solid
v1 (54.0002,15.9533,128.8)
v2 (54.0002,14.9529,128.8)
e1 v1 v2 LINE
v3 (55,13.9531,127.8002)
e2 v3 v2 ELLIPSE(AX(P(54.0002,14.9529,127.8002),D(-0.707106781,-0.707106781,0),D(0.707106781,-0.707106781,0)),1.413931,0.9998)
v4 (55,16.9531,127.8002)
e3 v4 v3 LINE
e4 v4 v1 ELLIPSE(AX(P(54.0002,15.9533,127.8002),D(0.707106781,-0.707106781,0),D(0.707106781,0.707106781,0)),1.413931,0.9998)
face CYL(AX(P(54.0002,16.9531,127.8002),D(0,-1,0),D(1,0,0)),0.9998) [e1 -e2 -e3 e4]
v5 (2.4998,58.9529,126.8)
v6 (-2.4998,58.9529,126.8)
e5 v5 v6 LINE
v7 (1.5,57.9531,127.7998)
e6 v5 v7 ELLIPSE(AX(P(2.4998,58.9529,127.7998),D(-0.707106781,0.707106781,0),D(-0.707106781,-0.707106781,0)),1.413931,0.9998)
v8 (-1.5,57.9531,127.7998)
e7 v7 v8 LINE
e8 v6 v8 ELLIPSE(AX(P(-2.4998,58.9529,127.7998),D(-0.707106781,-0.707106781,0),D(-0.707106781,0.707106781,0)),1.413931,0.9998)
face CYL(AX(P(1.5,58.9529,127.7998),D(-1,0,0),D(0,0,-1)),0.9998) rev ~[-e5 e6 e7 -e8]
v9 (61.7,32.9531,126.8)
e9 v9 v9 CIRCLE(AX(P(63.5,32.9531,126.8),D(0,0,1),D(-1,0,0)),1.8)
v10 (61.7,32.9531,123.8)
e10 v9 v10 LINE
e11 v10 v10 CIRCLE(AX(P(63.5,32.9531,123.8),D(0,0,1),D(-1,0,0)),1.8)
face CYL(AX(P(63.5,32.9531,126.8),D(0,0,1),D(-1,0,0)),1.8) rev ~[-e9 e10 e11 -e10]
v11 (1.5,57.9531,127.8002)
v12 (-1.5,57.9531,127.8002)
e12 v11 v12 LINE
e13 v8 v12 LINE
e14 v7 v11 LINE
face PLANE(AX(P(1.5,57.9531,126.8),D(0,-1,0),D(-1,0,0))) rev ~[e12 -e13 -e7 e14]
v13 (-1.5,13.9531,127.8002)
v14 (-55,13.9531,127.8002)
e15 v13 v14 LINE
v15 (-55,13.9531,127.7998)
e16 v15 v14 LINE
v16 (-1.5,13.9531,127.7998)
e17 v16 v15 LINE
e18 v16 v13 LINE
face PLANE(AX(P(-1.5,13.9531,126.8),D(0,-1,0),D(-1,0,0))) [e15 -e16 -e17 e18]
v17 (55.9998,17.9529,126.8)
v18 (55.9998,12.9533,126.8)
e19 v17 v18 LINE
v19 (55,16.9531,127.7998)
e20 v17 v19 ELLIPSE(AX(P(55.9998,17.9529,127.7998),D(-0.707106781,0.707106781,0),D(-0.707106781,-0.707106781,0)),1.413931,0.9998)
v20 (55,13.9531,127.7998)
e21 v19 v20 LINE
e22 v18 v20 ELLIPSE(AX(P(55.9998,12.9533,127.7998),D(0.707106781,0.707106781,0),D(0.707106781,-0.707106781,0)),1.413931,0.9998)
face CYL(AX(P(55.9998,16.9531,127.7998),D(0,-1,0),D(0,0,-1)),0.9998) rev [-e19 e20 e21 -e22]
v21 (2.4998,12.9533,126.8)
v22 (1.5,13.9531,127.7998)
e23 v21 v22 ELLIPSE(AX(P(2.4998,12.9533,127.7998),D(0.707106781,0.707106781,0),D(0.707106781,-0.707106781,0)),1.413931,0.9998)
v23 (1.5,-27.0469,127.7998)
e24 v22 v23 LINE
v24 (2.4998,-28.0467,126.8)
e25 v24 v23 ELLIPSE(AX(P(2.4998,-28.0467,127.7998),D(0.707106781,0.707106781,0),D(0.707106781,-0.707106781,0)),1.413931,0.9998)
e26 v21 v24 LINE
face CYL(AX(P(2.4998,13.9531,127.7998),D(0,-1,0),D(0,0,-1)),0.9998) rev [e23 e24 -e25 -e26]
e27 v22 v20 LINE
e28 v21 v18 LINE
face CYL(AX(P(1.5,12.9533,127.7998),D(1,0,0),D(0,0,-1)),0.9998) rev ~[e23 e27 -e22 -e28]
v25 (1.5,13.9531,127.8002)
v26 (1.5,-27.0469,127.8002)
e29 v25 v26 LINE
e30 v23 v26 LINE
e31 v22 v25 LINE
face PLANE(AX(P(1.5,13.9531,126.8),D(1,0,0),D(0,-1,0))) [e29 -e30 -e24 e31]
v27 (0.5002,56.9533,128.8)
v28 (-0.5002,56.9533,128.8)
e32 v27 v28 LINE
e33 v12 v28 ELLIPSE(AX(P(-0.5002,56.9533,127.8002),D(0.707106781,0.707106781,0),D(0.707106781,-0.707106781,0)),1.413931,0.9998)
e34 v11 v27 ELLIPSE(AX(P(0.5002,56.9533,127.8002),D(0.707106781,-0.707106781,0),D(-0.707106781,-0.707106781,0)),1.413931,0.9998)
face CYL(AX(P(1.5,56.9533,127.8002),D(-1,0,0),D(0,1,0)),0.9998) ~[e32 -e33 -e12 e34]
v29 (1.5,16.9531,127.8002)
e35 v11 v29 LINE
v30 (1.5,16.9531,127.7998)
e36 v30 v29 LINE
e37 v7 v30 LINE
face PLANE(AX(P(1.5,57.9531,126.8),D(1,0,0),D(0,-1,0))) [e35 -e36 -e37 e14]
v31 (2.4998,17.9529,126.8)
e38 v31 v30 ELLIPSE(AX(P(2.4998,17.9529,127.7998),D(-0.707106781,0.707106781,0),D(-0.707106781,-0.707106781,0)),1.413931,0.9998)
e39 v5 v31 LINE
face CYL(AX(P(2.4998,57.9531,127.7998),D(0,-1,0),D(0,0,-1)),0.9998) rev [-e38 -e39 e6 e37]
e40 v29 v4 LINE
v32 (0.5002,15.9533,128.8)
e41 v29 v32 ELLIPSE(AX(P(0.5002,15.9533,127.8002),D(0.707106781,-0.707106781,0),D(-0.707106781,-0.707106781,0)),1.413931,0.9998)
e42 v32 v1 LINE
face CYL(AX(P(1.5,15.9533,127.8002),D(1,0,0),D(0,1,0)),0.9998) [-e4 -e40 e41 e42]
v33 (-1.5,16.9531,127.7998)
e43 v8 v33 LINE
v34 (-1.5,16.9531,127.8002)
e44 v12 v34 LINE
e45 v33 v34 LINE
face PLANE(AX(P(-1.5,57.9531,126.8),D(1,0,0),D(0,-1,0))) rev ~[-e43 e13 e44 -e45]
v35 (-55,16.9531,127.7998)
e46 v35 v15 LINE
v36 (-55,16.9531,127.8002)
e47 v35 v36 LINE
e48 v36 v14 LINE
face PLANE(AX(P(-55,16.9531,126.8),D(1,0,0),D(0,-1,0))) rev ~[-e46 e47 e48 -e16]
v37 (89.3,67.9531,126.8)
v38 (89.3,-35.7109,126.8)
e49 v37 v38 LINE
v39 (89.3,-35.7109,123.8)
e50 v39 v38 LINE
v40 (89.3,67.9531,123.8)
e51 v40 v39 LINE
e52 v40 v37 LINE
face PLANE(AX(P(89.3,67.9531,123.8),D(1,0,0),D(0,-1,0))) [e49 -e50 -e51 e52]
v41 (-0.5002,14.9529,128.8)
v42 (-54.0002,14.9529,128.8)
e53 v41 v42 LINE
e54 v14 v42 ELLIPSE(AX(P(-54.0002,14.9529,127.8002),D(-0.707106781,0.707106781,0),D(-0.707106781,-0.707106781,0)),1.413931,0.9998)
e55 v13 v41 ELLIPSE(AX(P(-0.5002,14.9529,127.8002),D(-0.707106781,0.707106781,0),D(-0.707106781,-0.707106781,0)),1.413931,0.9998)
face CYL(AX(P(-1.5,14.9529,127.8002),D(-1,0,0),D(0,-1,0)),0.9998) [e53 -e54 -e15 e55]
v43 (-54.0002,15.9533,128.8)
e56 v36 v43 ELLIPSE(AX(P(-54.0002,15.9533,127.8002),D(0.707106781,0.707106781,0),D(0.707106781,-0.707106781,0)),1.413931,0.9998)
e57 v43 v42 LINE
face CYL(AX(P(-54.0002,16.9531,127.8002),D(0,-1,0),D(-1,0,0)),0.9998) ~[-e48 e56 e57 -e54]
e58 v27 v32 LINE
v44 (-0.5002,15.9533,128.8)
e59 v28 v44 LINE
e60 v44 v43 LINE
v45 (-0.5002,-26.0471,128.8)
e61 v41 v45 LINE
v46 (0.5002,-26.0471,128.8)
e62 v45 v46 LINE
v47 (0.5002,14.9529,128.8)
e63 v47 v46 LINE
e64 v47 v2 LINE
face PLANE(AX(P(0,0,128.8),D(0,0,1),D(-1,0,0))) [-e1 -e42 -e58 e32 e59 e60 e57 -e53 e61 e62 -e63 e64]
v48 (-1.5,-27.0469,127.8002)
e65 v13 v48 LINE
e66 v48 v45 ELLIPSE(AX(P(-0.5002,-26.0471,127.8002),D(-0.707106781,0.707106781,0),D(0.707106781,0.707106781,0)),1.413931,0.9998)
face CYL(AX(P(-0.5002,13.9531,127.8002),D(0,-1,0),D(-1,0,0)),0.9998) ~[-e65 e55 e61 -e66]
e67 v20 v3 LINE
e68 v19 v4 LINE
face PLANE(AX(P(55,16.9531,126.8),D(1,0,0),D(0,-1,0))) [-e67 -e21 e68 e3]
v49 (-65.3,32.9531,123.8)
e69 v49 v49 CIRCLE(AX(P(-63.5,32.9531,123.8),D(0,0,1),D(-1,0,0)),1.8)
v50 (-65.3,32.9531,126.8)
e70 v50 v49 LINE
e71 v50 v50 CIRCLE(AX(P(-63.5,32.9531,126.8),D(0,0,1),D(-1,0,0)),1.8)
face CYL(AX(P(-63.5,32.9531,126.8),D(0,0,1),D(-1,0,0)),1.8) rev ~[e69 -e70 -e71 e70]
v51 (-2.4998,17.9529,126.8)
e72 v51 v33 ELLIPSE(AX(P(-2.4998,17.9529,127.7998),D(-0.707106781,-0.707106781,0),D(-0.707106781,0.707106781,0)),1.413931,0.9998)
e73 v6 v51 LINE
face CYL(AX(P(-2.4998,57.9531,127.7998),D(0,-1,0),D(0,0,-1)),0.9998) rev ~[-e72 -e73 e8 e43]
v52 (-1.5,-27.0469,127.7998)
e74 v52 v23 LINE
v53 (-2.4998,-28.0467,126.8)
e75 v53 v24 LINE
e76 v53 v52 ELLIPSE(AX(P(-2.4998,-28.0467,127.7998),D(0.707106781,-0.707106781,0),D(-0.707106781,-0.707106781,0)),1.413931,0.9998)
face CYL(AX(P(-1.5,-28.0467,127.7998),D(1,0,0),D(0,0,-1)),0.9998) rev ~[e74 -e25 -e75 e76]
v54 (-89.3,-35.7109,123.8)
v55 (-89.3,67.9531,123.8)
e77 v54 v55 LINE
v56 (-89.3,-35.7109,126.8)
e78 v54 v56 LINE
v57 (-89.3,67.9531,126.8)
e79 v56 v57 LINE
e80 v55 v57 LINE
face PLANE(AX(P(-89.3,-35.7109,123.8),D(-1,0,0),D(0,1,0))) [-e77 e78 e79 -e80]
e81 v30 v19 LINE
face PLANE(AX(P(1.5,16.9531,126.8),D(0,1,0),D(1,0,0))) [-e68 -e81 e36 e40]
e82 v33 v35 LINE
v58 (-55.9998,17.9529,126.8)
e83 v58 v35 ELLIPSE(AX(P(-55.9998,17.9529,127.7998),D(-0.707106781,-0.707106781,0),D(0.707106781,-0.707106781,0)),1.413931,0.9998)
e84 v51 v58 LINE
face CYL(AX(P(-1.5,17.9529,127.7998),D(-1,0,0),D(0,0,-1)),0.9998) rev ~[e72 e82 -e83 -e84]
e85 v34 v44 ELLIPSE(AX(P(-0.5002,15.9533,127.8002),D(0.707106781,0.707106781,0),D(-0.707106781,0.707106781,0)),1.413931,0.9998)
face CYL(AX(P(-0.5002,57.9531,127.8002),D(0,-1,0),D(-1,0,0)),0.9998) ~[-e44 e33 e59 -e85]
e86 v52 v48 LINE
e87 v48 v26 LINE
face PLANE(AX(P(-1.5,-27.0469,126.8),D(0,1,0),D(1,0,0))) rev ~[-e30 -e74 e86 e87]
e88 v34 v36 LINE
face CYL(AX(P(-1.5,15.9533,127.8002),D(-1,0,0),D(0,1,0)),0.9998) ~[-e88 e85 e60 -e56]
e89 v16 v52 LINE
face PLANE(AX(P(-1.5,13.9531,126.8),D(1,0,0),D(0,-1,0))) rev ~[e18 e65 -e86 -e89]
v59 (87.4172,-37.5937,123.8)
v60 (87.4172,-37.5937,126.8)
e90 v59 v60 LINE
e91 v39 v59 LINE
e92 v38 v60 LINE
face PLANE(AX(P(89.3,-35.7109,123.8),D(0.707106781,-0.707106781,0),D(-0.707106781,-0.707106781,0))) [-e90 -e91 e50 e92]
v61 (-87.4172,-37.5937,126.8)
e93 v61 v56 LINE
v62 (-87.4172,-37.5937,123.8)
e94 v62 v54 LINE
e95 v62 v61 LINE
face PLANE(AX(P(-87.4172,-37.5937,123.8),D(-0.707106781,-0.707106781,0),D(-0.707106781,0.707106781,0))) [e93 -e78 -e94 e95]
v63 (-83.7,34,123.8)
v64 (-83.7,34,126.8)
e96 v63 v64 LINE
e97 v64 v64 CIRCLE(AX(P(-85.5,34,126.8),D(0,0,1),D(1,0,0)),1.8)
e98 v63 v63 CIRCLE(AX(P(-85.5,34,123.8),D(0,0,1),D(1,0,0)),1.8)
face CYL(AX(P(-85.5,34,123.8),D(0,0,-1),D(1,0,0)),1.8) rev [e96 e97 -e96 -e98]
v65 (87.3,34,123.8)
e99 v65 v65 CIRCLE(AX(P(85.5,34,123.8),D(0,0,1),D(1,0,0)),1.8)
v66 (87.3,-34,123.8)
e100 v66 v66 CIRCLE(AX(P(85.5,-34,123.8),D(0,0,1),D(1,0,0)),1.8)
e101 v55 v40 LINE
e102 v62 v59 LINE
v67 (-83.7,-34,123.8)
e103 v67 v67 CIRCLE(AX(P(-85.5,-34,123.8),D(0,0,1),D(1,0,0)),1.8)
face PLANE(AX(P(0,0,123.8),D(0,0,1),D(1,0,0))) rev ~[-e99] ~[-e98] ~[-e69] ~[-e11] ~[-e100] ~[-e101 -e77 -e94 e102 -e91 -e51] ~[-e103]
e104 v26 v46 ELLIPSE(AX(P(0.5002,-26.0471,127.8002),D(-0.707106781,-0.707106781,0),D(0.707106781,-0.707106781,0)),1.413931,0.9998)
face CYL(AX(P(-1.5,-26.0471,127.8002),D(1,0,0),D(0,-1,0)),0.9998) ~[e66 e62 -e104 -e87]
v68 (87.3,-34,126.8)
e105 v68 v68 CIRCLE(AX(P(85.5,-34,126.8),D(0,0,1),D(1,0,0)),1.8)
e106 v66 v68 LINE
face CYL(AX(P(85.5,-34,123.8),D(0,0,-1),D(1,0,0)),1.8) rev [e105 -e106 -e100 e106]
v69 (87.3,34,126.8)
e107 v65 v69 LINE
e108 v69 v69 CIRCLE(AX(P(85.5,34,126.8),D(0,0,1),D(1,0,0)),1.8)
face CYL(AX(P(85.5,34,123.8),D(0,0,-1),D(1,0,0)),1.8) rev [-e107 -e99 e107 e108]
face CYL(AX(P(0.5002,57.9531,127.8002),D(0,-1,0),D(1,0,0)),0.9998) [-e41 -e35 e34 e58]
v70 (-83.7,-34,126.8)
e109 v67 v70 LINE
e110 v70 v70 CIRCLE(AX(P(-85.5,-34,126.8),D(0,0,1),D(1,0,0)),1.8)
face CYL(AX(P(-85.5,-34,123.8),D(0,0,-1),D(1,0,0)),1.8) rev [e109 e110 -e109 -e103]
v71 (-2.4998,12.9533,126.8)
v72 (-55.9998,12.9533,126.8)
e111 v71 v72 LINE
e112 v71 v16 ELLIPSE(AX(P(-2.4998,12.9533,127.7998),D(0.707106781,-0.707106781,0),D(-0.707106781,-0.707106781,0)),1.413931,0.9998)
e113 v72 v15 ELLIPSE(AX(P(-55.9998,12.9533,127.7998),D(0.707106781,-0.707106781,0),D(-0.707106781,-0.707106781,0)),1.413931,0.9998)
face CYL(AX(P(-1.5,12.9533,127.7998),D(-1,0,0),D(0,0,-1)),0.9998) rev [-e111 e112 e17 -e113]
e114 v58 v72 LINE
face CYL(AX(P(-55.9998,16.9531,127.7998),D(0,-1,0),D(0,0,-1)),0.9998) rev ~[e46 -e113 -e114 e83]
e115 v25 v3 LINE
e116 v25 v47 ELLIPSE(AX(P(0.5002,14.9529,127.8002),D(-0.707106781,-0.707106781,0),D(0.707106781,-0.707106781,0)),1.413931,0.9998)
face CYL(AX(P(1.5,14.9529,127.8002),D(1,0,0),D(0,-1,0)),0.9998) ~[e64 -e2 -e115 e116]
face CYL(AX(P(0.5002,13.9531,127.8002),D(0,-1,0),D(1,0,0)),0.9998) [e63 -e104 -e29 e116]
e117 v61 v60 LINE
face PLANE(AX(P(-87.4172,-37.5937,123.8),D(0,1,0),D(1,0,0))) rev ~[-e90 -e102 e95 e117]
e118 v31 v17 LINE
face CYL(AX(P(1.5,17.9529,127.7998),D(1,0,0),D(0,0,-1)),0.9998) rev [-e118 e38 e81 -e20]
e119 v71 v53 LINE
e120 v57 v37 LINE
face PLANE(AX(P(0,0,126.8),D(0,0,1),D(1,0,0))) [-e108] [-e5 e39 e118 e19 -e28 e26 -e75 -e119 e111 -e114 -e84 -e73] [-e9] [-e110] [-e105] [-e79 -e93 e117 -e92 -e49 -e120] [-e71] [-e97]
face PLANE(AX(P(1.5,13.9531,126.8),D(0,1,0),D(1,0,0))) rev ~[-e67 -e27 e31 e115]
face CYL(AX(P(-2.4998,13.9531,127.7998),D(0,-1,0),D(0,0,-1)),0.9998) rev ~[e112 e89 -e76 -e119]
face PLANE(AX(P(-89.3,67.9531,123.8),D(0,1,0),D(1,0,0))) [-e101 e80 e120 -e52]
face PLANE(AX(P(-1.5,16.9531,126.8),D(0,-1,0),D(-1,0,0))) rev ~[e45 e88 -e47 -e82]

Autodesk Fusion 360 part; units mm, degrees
ref_plane "WorkPlane1" through (0, 0, 123.8) normal (0, 0, 1) x (1, 0, 0)
sketch "Sketch1" plane through (0, 0, 123.8) normal (0, 0, 1) x (1, 0, 0)
  circle A0 centre (-85.5, 170) radius 1.4 construction
  line L0 (-81.5, 4) -> (-81.5, 166) construction
  line L1 (-81.5, 166) -> (-81.5, 167) construction
  line L2 (-81.5, 167) -> (-77.5, 167) construction
  line L3 (-77.5, 167) -> (-77.5, 174) construction
  line L4 (-77.5, 174) -> (-81.5, 174) construction
  line L5 (-81.5, 174) -> (-86.5, 174) construction
  line L6 (-87.2574, 174) -> (-87.5, 174) construction
  line L7 (-87.5, 174) -> (-89.5, 172) construction
  line L8 (-89.5, 172) -> (-89.5, 0) construction
  line L9 (-89.5, 0) -> (-81.5, 0) construction
  line L10 (-81.5, 0) -> (-81.5, 4) construction
  circle A1 centre (85.5, 170) radius 1.4 construction
  line L11 (89.5, 0) -> (89.5, 172) construction
  line L12 (89.5, 172) -> (87.5, 174) construction
  line L13 (87.5, 174) -> (86.5, 174) construction
  line L14 (86.5, 174) -> (86.5, 177) construction
  line L15 (86.5, 177) -> (86.45, 177) construction
  line L16 (86.45, 177) -> (86.45, 174) construction
  line L17 (86.45, 174) -> (81.5, 174) construction
  line L18 (81.5, 174) -> (77.5, 174) construction
  line L19 (77.5, 174) -> (77.5, 167) construction
  line L20 (77.5, 167) -> (81.5, 167) construction
  line L21 (81.5, 167) -> (81.5, 0) construction
  line L22 (81.5, 0) -> (89.5, 0) construction
  line L23 (81.5, 0) -> (81.5, -37.7937) construction
  line L24 (81.5, -37.7937) -> (87.5, -37.7937) construction
  line L25 (87.5, -37.7937) -> (89.5, -35.7937) construction
  line L26 (89.5, -35.7937) -> (89.5, -5) construction
  line L27 (89.5, -5) -> (89.5, 0) construction
  line L28 (89.5, 0) -> (81.5, 0) construction
  line L29 (-89.5, 0) -> (-89.5, -35.7937) construction
  line L30 (-89.5, -35.7937) -> (-87.5, -37.7937) construction
  line L31 (-87.5, -37.7937) -> (-81.5, -37.7937) construction
  line L32 (-81.5, -37.7937) -> (-81.5, -5) construction
  line L33 (-81.5, -5) -> (-81.5, 0) construction
  line L34 (-81.5, 0) -> (-89.5, 0) construction
  line L35 (87.5, -37.7937) -> (-87.5, -37.7937) construction
  line L36 (-77.3, 174) -> (77.3, 174) construction
  line L37 (-77.5, 174) -> (77.5, 174)
  line L38 (77.5, 174) -> (87.5, 174)
  line L39 (87.5, 174) -> (89.5, 172)
  line L40 (89.5, 172) -> (89.5, -35.7937)
  line L41 (89.5, -35.7937) -> (87.5, -37.7937)
  line L42 (-87.5, -37.7937) -> (87.5, -37.7937)
  line L43 (-87.5, -37.7937) -> (-89.5, -35.7937)
  line L44 (-89.5, -35.7937) -> (-89.5, 172)
  line L45 (-89.5, 172) -> (-87.5, 174)
  line L46 (-87.5, 174) -> (-77.3, 174)
  circle A2 centre (-85.5, 170) radius 1.8
  circle A3 centre (-85.5, 102) radius 1.8
  circle A4 centre (-85.5, 34) radius 1.8
  circle A5 centre (-85.5, -34) radius 1.8
  circle A6 centre (85.5, -34) radius 1.8
  circle A7 centre (85.5, 34) radius 1.8
  circle A8 centre (85.5, 102) radius 1.8
  circle A9 centre (85.5, 170) radius 1.8
  line L47 (-86.5, 174) -> (-87.2574, 174)
  circle A10 centre (85.5, -34) radius 1.4 construction
  circle A11 centre (-85.5, -34) radius 1.4 construction
  circle A12 centre (-85.5, 34) radius 1.4 construction
  circle A13 centre (-85.5, 102) radius 1.4 construction
  circle A14 centre (85.5, 102) radius 1.4 construction
  circle A15 centre (85.5, 34) radius 1.4 construction
  line L48 (-89.5, 68.1031) -> (89.5, 68.1031) construction
  line L49 (-89.5, 67.9531) -> (89.5, 67.9531)
  line L50 (-77.5, 173.8) -> (-77.3, 173.8)
  line L51 (-77.3, 173.8) -> (77.5, 173.8)
  line L52 (77.5, 173.8) -> (87.4172, 173.8)
  line L53 (87.4172, 173.8) -> (89.3, 171.9172)
  line L54 (89.3, 171.9172) -> (89.3, -35.7109)
  line L55 (89.3, -35.7109) -> (87.4172, -37.5937)
  line L56 (-87.4172, -37.5937) -> (87.4172, -37.5937)
  line L57 (-87.4172, -37.5937) -> (-89.3, -35.7109)
  line L58 (-89.3, -35.7109) -> (-89.3, 171.9172)
  line L59 (-89.3, 171.9172) -> (-87.4172, 173.8)
  line L60 (-87.4172, 173.8) -> (-77.3, 173.8)
  dimension "d2" = 0.2
  dimension "d4" = 3.6
  dimension "d5" = 3.6
  dimension "d6" = 3.6
  dimension "d7" = 3.6
  dimension "d8" = 3.6
  dimension "d9" = 3.6
  dimension "d10" = 3.6
  dimension "d11" = 3.6
  dimension "d14" = 0.15
extrude "Extrude1" add sketch "Sketch1" along normal blind 3 contours L49 L54 L55 L56 L57 L58
sketch "Sketch2" plane through (0, 0, 126.8) normal (0, 0, 1) x (-1, 0, 0)
  circle A0 centre (85.5, 34) radius 1.8
  circle A1 centre (-85.5, 34) radius 1.8
  circle A2 centre (-85.5, -34) radius 1.8
  circle A3 centre (85.5, -34) radius 1.8
  line L0 (87.4172, 37.5937) -> (-87.4172, 37.5937)
  line L1 (-87.4172, 37.5937) -> (-89.3, 35.7109)
  line L2 (-89.3, 35.7109) -> (-89.3, -67.9531)
  line L3 (-89.3, -67.9531) -> (89.3, -67.9531)
  line L4 (89.3, -67.9531) -> (89.3, 35.7109)
  line L5 (89.3, 35.7109) -> (87.4172, 37.5937)
  line L6 (0, -67.9531) -> (0, 37.5937) construction
  line L7 (0, -67.9531) -> (0, -32.9531) construction
  line L8 (0, -32.9531) -> (-63.5, -32.9531) construction
  circle A4 centre (-63.5, -32.9531) radius 1.8
  circle A5 centre (63.5, -32.9531) radius 1.8
  dimension "d15" = 35
  dimension "d16" = 63.5
  dimension "d17" = 3.6
extrude "Extrude2" cut sketch "Sketch2" against normal blind 3 contours A4 | A5
sketch "Sketch3" plane through (0, 0, 126.8) normal (0, 0, 1) x (-1, 0, 0)
  circle A0 centre (-63.5, -32.9531) radius 1.8
  circle A1 centre (63.5, -32.9531) radius 1.8
  circle A2 centre (85.5, 34) radius 1.8
  circle A3 centre (-85.5, 34) radius 1.8
  circle A4 centre (-85.5, -34) radius 1.8
  circle A5 centre (85.5, -34) radius 1.8
  line L0 (87.4172, 37.5937) -> (-87.4172, 37.5937)
  line L1 (-87.4172, 37.5937) -> (-89.3, 35.7109)
  line L2 (-89.3, 35.7109) -> (-89.3, -67.9531)
  line L3 (-89.3, -67.9531) -> (89.3, -67.9531)
  line L4 (89.3, -67.9531) -> (89.3, 35.7109)
  line L5 (89.3, 35.7109) -> (87.4172, 37.5937)
  line L6 (0, -67.9531) -> (0, -57.9531) construction
  line L7 (0, -57.9531) -> (0, 27.0469) construction
  line L8 (0, -15.4531) -> (-55, -15.4531) construction
  line L9 (0, -15.4531) -> (55, -15.4531) construction
  line L10 (1.5, -13.9531) -> (55, -13.9531)
  line L11 (-1.5, -13.9531) -> (-55, -13.9531)
  line L12 (1.5, -16.9531) -> (55, -16.9531)
  line L13 (-1.5, -16.9531) -> (-55, -16.9531)
  line L14 (-55, -16.9531) -> (-55, -13.9531)
  line L15 (55, -16.9531) -> (55, -13.9531)
  line L16 (-1.5, -57.9531) -> (1.5, -57.9531)
  line L17 (1.5, 27.0469) -> (-1.5, 27.0469)
  line L18 (1.5, -57.9531) -> (1.5, -16.9531)
  line L19 (1.5, -13.9531) -> (1.5, 27.0469)
  line L20 (-1.5, -57.9531) -> (-1.5, -16.9531)
  line L21 (-1.5, -13.9531) -> (-1.5, 27.0469)
  dimension "d20" = 10
  dimension "d21" = 85
  dimension "d22" = 55
  dimension "d23" = 55
extrude "Extrude3" add sketch "Sketch3" along normal blind 2 contours L10 L11 L12 L13 L14 L15 L16 L17 L18 L19 L20 L21
fillet "Fillet1" radius 1 12 edges at (-28.25, 13.9531, 126.8) (-1.5, -6.5469, 126.8) (-55, 15.4531, 126.8) (0, -27.0469, 126.8) (1.5, -6.5469, 126.8) (28.25, 13.9531, 126.8) (1.5, 37.4531, 126.8) (55, 15.4531, 126.8) (28.25, 16.9531, 126.8) (0, 57.9531, 126.8) (-28.25, 16.9531, 126.8) (-1.5, 37.4531, 126.8) 1 faces at (19.3333, 15.9531, 128.8)
equation "large_m3 = 3.6 mm"
equation "d4 = large_m3"
equation "d5 = d4"
equation "d6 = d4"
equation "d7 = d4"
equation "d8 = d4"
equation "d9 = d4"
equation "d10 = d4"
equation "d11 = d4"
equation "d16 = ( 127 / 2 ) * 1 mm"
